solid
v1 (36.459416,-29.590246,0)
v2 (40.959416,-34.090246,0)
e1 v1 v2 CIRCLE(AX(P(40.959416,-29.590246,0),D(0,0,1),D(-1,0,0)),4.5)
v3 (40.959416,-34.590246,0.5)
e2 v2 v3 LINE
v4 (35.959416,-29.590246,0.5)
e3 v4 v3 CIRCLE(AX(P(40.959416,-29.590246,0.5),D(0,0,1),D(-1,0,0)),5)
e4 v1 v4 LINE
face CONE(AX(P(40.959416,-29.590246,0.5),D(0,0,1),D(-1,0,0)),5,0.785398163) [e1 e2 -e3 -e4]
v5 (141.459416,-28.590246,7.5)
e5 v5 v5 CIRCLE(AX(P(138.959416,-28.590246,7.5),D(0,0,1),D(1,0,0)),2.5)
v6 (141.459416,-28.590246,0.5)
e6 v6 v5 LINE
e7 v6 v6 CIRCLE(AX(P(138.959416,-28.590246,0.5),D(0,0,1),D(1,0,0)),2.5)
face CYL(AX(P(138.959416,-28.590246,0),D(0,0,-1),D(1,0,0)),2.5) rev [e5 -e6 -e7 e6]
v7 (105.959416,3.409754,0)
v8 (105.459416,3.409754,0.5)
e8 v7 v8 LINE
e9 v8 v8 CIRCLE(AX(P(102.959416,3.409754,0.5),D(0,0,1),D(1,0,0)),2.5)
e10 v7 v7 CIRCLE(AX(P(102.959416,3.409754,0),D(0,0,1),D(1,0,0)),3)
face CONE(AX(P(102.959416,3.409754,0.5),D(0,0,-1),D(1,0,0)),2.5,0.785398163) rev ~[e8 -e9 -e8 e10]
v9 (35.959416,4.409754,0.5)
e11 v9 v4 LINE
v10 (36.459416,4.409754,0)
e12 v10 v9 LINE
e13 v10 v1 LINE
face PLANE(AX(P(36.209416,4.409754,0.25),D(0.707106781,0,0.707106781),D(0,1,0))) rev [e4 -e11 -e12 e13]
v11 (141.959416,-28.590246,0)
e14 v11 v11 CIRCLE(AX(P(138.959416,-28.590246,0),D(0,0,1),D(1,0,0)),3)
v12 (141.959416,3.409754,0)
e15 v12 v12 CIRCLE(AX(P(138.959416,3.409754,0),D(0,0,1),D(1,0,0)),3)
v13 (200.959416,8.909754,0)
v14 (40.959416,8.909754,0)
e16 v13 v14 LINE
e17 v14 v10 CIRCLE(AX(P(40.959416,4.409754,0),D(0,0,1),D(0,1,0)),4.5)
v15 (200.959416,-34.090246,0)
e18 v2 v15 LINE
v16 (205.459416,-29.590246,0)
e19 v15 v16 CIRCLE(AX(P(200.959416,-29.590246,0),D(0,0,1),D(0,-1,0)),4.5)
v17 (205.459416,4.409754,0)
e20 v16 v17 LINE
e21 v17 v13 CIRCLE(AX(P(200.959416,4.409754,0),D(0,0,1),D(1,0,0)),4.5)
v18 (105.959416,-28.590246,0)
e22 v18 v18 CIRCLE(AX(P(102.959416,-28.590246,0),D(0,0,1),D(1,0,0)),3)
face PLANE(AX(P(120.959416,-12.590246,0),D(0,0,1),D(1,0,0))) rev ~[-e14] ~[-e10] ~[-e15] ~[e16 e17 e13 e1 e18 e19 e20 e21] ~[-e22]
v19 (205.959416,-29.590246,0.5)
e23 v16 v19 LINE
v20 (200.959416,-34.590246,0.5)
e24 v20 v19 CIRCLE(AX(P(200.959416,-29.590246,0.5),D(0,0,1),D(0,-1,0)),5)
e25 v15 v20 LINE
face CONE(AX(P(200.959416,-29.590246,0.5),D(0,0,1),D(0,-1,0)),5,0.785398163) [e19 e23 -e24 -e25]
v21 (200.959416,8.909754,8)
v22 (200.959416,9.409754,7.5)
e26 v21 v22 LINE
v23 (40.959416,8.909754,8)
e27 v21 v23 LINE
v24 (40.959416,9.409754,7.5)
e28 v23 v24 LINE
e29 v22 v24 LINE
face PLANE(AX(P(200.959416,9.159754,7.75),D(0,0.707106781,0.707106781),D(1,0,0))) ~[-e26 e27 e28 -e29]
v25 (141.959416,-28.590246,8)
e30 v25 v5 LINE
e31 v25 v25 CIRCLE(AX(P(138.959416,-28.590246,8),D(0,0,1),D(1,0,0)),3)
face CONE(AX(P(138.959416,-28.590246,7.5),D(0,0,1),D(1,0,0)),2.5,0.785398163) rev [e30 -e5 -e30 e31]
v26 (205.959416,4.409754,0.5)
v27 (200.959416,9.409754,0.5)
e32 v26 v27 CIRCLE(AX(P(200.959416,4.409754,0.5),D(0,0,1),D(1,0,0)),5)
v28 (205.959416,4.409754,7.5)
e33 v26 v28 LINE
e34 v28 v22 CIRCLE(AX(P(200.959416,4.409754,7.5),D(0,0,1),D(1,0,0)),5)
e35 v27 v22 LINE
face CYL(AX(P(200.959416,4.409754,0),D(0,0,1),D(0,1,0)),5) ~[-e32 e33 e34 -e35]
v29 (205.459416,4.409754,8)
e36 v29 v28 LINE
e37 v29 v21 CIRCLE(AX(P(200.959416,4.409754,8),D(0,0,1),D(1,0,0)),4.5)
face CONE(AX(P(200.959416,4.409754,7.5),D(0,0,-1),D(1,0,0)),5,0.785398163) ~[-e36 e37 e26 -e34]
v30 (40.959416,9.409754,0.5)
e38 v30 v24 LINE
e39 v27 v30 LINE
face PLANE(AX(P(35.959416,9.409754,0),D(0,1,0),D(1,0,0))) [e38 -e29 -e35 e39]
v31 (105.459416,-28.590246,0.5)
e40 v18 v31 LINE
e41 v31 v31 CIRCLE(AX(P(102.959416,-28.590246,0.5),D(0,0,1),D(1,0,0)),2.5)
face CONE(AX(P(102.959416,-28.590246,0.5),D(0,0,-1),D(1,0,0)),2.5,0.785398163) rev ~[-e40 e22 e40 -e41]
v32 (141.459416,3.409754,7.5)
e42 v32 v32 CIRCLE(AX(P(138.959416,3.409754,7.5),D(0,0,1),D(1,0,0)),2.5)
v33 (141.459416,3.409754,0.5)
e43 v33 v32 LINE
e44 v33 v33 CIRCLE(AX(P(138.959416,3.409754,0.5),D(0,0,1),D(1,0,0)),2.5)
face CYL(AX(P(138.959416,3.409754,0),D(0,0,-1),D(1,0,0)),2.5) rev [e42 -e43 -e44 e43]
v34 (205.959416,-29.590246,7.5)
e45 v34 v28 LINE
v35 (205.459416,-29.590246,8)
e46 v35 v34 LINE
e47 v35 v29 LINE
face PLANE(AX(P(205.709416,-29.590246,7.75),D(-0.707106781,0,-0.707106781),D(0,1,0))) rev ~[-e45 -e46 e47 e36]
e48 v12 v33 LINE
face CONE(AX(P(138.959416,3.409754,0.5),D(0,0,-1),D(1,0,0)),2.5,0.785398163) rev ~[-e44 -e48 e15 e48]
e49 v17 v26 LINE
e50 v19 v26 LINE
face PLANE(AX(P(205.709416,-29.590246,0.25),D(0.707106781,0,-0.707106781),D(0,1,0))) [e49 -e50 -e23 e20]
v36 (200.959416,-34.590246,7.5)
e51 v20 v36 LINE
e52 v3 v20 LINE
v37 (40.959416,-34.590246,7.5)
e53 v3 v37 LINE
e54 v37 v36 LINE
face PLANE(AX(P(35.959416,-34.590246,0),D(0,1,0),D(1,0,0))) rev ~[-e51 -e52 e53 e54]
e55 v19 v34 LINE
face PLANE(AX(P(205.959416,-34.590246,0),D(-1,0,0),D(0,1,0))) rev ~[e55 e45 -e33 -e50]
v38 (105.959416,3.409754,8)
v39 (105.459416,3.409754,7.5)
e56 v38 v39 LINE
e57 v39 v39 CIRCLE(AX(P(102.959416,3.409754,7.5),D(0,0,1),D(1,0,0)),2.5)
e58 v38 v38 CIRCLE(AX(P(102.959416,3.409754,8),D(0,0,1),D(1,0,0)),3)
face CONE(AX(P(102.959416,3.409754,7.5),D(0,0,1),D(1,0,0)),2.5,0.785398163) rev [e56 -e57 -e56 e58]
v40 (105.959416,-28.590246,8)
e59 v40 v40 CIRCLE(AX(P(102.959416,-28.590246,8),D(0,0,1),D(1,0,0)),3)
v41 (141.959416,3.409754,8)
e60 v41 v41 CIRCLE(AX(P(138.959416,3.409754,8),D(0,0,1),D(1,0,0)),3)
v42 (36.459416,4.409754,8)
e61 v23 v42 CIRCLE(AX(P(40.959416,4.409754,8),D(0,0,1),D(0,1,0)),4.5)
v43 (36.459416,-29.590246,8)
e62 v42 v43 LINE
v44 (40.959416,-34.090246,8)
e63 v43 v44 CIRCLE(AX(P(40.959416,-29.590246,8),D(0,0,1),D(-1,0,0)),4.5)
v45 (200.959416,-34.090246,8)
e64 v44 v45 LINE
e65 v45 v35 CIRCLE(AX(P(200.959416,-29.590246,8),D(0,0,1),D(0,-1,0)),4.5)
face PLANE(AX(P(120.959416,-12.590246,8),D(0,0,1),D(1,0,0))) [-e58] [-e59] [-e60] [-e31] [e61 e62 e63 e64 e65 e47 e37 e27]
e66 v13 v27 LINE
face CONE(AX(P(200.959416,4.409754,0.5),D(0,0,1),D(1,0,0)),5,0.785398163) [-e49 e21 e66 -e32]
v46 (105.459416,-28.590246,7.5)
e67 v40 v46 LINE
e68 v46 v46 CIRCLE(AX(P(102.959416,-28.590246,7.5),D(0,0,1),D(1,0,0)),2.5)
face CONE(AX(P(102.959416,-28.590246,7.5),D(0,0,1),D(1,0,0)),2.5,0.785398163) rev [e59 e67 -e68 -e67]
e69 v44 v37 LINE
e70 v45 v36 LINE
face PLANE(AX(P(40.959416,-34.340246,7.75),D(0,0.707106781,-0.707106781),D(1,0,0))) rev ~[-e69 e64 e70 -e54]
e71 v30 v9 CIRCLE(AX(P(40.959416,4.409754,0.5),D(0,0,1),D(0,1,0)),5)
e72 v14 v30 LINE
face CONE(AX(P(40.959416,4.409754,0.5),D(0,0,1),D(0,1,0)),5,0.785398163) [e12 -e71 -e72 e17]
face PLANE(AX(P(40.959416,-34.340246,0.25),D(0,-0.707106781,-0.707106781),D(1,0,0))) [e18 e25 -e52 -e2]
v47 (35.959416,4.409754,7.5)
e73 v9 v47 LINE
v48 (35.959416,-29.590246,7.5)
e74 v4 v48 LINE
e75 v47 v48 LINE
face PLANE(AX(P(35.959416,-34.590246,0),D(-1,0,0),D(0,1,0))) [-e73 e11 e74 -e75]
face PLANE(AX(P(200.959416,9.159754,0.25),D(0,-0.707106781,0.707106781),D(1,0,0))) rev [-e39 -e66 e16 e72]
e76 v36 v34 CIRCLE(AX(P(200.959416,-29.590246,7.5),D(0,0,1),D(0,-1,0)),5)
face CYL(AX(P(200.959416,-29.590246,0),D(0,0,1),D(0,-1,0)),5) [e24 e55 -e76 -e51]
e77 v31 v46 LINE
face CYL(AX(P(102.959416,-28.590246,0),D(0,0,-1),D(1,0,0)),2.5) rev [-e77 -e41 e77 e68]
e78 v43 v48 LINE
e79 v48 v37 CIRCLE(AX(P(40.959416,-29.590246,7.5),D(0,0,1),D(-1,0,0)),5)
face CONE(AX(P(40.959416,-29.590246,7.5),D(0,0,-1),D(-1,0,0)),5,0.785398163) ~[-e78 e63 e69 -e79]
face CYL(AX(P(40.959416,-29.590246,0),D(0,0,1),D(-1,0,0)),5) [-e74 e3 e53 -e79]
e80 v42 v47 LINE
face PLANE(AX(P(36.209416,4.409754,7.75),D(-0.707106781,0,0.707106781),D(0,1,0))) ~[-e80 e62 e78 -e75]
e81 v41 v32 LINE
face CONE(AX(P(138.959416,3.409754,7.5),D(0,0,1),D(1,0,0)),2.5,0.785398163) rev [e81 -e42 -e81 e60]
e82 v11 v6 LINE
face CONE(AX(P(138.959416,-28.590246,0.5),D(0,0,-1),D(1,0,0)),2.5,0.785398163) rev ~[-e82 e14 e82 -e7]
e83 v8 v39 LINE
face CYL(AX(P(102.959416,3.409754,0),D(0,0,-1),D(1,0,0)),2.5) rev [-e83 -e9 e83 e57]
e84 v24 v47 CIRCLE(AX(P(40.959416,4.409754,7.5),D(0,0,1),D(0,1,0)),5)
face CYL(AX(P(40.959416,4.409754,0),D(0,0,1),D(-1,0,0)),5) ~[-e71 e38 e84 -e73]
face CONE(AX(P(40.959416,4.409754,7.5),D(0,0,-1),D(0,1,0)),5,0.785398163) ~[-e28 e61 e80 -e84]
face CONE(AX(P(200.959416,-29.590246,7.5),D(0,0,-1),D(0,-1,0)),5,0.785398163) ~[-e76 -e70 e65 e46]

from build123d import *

# Parameters (mm, degrees)
F0_W     = 170
F0_H     = 44
F0_R     = 2.5
F1_DEPTH = 8
F2_R     = 5
F3_SIZE  = 0.5


with BuildPart() as f1:
    # F0 (on Top) → F1 (new body)
    with BuildSketch(Plane.XY):
        with Locations((120.9594160169, -12.5902459205)):
            Rectangle(F0_W, F0_H)
        with Locations((102.9594160169, -28.5902459205)):
            Circle(F0_R, mode=Mode.SUBTRACT)
        with Locations((138.9594160169, -28.5902459205)):
            Circle(F0_R, mode=Mode.SUBTRACT)
        with Locations((102.9594160169, 3.4097540795)):
            Circle(F0_R, mode=Mode.SUBTRACT)
        with Locations((138.9594160169, 3.4097540795)):
            Circle(F0_R, mode=Mode.SUBTRACT)
    extrude(amount=F1_DEPTH)

    # F2
    f2_edges = [f1.edges().sort_by_distance(p)[0] for p in [
        (35.959416, -34.590246, 4),
        (205.959416, -34.590246, 4),
        (205.959416, 9.409754, 4),
        (35.959416, 9.409754, 4),
    ]]
    fillet(f2_edges, radius=F2_R)

    # F3
    f3_edges = [f1.edges().sort_by_distance(p)[0] for p in [
        (120.959416, -34.590246, 8),
        (120.959416, -34.590246, 0),
        (136.459416, -28.590246, 8),
        (204.49495, -33.12578, 8),
        (205.959416, -12.590246, 8),
        (204.49495, 7.945288, 8),
        (120.959416, 9.409754, 8),
        (37.423882, 7.945288, 8),
        (35.959416, -12.590246, 8),
        (37.423882, -33.12578, 8),
        (100.459416, -28.590246, 8),
        (100.459416, 3.409754, 8),
        (136.459416, 3.409754, 8),
        (136.459416, -28.590246, 0),
        (136.459416, 3.409754, 0),
        (100.459416, 3.409754, 0),
        (100.459416, -28.590246, 0),
    ]]
    chamfer(f3_edges, length=F3_SIZE)


solid = f1.part
